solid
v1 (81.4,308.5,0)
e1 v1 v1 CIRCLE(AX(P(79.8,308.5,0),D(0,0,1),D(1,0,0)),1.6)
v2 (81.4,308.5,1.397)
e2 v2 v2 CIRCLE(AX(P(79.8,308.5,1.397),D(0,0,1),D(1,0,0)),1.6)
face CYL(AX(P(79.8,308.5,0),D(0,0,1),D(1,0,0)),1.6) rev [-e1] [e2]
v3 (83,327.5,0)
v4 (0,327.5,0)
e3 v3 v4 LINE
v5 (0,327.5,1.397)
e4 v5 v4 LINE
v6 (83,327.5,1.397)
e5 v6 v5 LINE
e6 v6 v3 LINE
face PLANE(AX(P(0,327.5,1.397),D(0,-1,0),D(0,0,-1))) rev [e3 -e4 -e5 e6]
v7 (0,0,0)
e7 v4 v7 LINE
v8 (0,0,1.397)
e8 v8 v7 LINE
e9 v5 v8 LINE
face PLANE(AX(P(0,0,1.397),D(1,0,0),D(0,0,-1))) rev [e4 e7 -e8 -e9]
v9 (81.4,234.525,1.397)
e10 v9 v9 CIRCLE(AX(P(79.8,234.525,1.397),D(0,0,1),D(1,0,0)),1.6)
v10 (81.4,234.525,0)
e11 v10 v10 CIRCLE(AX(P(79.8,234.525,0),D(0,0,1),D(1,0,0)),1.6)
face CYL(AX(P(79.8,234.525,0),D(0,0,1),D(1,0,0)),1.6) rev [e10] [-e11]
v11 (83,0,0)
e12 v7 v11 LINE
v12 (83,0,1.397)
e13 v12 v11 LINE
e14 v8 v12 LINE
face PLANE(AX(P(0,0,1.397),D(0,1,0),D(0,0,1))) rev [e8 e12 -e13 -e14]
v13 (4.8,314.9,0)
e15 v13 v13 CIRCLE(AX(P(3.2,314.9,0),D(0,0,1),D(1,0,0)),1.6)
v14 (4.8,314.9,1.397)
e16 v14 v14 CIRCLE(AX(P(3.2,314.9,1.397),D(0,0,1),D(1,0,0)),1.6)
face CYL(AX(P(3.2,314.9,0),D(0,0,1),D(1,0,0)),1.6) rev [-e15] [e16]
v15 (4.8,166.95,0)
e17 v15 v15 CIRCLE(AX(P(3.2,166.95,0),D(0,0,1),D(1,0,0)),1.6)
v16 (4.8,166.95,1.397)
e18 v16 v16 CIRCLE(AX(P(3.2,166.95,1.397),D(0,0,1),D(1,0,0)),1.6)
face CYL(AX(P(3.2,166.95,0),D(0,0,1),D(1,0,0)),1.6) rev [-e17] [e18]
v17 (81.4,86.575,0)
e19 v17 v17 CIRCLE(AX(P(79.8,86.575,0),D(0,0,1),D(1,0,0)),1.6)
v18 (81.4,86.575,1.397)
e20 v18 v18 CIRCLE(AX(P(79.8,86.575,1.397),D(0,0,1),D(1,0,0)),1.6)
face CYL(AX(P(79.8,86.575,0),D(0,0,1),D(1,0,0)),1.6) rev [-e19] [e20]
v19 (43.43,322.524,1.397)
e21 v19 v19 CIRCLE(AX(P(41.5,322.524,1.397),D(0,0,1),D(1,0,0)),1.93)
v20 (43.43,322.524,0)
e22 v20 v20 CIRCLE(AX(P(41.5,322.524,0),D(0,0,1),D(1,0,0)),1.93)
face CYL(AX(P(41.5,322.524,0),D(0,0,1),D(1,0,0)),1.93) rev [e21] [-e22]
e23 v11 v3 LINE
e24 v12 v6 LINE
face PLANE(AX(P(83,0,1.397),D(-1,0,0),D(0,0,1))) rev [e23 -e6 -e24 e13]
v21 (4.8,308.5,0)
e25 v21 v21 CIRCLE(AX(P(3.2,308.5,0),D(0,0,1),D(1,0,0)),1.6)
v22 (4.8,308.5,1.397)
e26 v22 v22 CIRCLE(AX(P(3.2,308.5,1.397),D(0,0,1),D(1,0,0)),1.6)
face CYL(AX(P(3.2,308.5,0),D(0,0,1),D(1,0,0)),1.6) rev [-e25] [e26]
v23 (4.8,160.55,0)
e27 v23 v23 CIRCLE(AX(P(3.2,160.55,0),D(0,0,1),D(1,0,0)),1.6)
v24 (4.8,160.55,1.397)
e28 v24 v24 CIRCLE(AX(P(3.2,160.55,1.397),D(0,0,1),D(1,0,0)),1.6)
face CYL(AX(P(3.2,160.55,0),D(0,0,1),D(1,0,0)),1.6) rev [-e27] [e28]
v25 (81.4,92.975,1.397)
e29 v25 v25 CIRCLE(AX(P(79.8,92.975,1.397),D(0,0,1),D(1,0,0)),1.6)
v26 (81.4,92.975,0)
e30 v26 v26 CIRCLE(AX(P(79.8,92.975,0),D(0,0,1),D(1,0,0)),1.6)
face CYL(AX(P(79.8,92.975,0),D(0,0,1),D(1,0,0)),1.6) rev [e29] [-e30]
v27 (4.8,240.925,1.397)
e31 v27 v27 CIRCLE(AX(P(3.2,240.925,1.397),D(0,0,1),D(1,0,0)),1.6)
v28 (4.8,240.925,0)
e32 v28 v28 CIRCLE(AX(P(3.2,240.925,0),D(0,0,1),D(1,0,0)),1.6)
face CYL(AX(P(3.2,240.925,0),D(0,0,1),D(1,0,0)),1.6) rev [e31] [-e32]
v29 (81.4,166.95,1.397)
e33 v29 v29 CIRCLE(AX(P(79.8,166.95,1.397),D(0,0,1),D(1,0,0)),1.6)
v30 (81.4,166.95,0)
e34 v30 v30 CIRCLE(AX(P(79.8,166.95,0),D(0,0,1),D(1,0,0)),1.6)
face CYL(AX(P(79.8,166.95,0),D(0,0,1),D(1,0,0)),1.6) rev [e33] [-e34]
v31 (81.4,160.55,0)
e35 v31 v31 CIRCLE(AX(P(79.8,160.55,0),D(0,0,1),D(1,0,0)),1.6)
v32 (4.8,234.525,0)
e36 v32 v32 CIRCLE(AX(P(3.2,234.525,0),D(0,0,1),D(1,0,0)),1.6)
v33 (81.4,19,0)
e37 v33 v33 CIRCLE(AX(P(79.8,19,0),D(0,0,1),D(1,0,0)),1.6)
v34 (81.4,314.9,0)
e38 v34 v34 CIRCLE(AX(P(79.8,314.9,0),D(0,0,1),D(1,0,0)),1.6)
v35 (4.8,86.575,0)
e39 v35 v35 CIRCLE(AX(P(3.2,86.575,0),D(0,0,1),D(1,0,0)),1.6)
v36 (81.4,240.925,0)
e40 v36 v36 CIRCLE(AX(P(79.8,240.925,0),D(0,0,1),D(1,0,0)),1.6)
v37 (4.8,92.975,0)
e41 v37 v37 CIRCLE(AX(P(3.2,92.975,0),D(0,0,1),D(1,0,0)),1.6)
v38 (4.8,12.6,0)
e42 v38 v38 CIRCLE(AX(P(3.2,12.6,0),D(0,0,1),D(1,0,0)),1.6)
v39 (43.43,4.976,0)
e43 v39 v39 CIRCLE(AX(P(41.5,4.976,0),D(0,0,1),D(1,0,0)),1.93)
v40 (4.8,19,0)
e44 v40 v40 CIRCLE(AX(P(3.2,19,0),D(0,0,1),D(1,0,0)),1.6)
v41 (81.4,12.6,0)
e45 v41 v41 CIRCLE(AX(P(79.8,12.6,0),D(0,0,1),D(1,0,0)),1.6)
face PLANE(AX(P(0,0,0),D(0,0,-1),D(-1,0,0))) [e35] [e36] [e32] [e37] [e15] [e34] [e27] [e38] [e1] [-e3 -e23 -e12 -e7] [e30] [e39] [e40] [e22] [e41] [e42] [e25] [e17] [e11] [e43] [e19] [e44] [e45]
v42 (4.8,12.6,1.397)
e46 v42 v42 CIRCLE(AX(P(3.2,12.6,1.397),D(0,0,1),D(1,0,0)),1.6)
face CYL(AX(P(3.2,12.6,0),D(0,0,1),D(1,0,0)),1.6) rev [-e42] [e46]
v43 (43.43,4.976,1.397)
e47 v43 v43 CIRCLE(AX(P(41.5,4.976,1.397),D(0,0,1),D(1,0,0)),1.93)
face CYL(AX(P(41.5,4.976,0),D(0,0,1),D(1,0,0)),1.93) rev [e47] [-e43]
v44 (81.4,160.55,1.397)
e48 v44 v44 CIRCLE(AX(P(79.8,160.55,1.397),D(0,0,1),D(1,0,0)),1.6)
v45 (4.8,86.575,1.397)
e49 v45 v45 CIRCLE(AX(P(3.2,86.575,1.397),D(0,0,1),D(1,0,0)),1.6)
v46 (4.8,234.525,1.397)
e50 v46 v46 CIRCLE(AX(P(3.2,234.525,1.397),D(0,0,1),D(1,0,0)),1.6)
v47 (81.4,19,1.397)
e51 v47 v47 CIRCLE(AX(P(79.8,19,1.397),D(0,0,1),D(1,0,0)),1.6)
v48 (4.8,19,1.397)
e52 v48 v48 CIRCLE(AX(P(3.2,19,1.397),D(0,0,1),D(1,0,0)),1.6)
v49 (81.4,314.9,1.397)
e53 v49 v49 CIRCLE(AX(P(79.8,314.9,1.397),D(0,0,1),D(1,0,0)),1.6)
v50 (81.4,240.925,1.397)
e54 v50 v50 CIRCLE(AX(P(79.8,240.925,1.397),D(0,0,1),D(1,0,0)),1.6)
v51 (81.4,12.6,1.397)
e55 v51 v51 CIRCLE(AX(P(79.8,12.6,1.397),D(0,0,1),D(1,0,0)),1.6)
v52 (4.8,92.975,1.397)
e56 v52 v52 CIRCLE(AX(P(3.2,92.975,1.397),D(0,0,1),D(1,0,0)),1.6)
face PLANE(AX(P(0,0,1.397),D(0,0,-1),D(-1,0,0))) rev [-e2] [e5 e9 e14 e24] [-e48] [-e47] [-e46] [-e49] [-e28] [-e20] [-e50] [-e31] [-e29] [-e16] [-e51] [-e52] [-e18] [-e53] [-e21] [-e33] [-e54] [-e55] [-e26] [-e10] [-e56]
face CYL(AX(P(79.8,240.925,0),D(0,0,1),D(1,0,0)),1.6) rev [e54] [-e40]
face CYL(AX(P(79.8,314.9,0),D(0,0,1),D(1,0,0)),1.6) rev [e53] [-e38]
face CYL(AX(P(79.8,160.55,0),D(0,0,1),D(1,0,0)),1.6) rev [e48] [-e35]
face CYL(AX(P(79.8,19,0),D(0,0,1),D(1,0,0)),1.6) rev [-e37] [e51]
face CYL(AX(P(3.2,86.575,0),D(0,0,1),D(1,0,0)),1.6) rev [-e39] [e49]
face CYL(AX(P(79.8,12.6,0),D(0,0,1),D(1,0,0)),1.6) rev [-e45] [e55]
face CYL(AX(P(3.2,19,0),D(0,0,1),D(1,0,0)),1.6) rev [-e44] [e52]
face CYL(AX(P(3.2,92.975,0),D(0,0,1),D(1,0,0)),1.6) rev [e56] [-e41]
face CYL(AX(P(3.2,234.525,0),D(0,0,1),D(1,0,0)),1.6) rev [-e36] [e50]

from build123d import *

# Parameters (mm, degrees)
SKETCH1_W           = 83
SKETCH1_H           = 327.5
BOSS_EXTRUDE1_DEPTH = 1.397
SKETCH2_R           = 1.6
CUT_EXTRUDE1_DEPTH  = 1.397
SKETCH3_R           = 1.93
CUT_EXTRUDE2_DEPTH  = 1.397


with BuildPart() as part:
    # Sketch1 → Boss-Extrude1 (new body)
    with BuildSketch(Plane.XY):
        with Locations((41.5, 163.75)):
            Rectangle(SKETCH1_W, SKETCH1_H)
    extrude(amount=BOSS_EXTRUDE1_DEPTH)

    # Sketch2 → Cut-Extrude1 (cut)
    with BuildSketch(Plane.XY.offset(1.397)):
        with Locations((3.2, 314.9)):
            Circle(SKETCH2_R)
        with Locations((3.2, 308.5)):
            Circle(SKETCH2_R)
        with Locations((79.8, 314.9)):
            Circle(SKETCH2_R)
        with Locations((79.8, 308.5)):
            Circle(SKETCH2_R)
        with Locations((3.2, 240.925)):
            Circle(SKETCH2_R)
        with Locations((3.2, 234.525)):
            Circle(SKETCH2_R)
        with Locations((79.8, 240.925)):
            Circle(SKETCH2_R)
        with Locations((79.8, 234.525)):
            Circle(SKETCH2_R)
        with Locations((3.2, 166.95)):
            Circle(SKETCH2_R)
        with Locations((3.2, 160.55)):
            Circle(SKETCH2_R)
        with Locations((79.8, 166.95)):
            Circle(SKETCH2_R)
        with Locations((79.8, 160.55)):
            Circle(SKETCH2_R)
        with Locations((3.2, 92.975)):
            Circle(SKETCH2_R)
        with Locations((3.2, 86.575)):
            Circle(SKETCH2_R)
        with Locations((79.8, 92.975)):
            Circle(SKETCH2_R)
        with Locations((79.8, 86.575)):
            Circle(SKETCH2_R)
        with Locations((3.2, 19)):
            Circle(SKETCH2_R)
        with Locations((3.2, 12.6)):
            Circle(SKETCH2_R)
        with Locations((79.8, 19)):
            Circle(SKETCH2_R)
        with Locations((79.8, 12.6)):
            Circle(SKETCH2_R)
    extrude(amount=-CUT_EXTRUDE1_DEPTH, mode=Mode.SUBTRACT)

    # Sketch3 → Cut-Extrude2 (cut)
    with BuildSketch(Plane.XY.offset(1.397)):
        with Locations((41.5, 322.524)):
            Circle(SKETCH3_R)
        with Locations((41.5, 4.976)):
            Circle(SKETCH3_R)
    extrude(amount=-CUT_EXTRUDE2_DEPTH, mode=Mode.SUBTRACT)


solid = part.part
